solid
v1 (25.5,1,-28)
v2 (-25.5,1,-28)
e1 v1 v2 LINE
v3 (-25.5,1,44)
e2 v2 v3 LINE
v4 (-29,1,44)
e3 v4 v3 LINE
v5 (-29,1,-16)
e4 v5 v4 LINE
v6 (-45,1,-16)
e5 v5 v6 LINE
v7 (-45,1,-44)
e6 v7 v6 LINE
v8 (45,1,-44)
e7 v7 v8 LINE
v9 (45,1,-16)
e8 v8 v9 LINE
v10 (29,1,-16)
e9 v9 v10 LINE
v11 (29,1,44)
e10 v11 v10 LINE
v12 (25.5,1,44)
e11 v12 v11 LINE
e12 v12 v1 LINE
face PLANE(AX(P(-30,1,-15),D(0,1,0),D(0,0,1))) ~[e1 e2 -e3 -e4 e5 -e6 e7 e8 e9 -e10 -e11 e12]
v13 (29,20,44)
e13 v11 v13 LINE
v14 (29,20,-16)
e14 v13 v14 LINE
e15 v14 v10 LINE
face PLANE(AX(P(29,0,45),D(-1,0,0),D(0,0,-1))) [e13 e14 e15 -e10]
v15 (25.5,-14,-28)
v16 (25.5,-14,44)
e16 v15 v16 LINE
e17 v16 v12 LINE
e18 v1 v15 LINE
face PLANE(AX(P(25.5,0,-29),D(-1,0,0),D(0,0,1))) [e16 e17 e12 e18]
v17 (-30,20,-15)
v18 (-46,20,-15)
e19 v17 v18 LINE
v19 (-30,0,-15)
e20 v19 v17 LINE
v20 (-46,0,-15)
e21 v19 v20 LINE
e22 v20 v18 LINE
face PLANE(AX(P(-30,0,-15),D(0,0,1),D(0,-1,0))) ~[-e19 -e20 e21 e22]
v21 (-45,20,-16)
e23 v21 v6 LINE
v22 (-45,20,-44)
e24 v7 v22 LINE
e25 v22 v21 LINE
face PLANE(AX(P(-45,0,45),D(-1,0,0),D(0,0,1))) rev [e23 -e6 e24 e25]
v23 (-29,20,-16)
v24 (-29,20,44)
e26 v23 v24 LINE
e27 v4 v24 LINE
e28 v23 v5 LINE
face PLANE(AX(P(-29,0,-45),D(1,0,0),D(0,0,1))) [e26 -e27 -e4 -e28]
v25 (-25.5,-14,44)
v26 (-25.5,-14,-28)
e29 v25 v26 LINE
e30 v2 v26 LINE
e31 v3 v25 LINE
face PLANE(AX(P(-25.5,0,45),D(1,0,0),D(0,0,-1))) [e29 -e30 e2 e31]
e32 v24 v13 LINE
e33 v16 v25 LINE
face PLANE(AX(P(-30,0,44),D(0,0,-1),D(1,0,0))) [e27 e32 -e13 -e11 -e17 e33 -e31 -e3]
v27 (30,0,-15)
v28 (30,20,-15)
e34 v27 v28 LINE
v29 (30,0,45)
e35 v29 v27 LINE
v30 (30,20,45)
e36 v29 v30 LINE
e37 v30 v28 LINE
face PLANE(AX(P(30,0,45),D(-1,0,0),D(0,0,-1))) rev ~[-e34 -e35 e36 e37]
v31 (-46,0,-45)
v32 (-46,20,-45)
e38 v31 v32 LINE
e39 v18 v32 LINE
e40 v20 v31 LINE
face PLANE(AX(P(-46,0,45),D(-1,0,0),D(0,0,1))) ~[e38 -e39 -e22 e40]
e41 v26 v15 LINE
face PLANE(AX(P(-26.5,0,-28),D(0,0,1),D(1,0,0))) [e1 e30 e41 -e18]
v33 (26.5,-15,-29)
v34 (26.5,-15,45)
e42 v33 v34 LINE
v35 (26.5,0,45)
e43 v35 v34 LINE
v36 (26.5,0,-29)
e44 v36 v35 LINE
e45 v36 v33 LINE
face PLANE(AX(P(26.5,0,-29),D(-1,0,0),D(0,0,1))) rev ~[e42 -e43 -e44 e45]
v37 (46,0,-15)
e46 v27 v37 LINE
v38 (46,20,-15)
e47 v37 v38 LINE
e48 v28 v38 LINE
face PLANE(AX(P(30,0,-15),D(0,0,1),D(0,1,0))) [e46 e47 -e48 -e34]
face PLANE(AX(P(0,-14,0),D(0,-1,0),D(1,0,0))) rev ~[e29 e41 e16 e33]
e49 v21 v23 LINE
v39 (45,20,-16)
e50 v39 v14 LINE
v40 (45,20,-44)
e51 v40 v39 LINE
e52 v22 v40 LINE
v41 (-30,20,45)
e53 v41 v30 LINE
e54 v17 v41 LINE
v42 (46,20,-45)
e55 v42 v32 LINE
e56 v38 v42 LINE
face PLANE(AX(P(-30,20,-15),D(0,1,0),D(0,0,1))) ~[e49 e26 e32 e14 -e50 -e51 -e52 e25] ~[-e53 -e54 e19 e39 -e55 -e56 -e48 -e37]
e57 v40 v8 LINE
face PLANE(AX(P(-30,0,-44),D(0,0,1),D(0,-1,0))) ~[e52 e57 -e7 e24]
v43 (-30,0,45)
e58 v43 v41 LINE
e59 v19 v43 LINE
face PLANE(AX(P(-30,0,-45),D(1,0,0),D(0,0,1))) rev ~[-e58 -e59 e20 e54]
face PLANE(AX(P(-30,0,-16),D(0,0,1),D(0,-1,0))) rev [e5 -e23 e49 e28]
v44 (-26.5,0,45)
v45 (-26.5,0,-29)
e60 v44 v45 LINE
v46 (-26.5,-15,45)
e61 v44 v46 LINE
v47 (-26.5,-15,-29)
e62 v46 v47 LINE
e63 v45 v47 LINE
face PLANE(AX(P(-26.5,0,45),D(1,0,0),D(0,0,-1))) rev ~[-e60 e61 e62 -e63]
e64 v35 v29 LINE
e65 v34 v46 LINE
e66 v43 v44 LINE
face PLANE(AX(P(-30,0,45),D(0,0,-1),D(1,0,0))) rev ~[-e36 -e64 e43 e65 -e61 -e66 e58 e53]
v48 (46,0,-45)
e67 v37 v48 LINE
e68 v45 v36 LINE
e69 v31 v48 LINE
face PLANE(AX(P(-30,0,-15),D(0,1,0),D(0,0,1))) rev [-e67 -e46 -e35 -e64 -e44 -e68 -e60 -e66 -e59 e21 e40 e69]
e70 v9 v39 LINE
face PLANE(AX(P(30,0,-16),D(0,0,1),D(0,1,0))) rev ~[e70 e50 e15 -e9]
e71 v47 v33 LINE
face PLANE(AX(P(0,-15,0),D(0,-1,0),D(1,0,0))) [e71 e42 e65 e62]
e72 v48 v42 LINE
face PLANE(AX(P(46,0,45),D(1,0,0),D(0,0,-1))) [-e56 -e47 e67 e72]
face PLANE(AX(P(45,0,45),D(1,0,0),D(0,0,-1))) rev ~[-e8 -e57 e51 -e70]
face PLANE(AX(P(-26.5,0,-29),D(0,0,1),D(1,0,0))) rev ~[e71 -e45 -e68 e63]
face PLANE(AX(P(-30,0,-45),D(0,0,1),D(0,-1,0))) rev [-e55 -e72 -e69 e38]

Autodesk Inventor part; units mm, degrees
ref_plane "YZ Plane" through (0, 0, 0) normal (1, 0, 0) x (0, 1, 0)
ref_plane "XZ Plane" through (0, 0, 0) normal (0, 1, 0) x (-1, 0, 0)
ref_plane "XY Plane" through (0, 0, 0) normal (0, 0, 1) x (1, 0, 0)
sketch "Sketch1" plane through (0, 0, 0) normal (0, 1, 0) x (-1, 0, 0)
  line L0 (30, 45) -> (-30, 45)
  line L1 (-30, 45) -> (-30, -45)
  line L2 (-30, -45) -> (30, -45)
  line L3 (30, -45) -> (30, 45)
  line L4 (30, 45) -> (-30, -45) construction
  line L5 (-30, 45) -> (30, -45) construction
  point P0 (0, 0)
  dimension "d0" = 90
  dimension "d1" = 60
extrude "Extrusion1" add sketch "Sketch1" along normal blind 20
sketch "Sketch2" plane through (0, 0, 0) normal (0, -1, 0) x (1, 0, 0)
  line L0 (26.5, 45) -> (-26.5, 45)
  line L1 (-26.5, 45) -> (-26.5, -29)
  line L2 (-26.5, -29) -> (26.5, -29)
  line L3 (26.5, -29) -> (26.5, 45)
  line L4 (-30, 45) -> (30, 45) projected
  point P0 (0, 0)
  dimension "d4" = 74
  dimension "d5" = 0
  dimension "d6" = 53
  dimension "d7" = 26.5
extrude "Extrusion2" add sketch "Sketch2" along normal blind 15
sketch "Sketch3" plane through (30, 0, 45) normal (1, 0, 0) x (0, 0, -1)
  line L0 (0, 0) -> (90, 0) projected
  line L1 (90, 0) -> (90, 20) projected
  line L2 (0, 20) -> (90, 20) projected
  line L3 (0, 0) -> (0, 20) projected
  line L4 (90, 0) -> (60, 0)
  line L5 (60, 0) -> (60, 20)
  line L6 (60, 20) -> (90, 20)
  line L7 (90, 20) -> (90, 0)
  point P0 (45, 0)
  dimension "d10" = 30
extrude "Extrusion3" add sketch "Sketch3" along normal blind 16 contours L5 L2 L1 L0
mirror "Mirror1" about plane through (0, 0, 0) normal (1, 0, 0) of "Extrusion3"
shell "Shell1" thickness 1 removed faces 1 at (-10, 20, 5)
ref_plane "Work Plane1" through (0, 0, 0) normal (1, 0, 0) x (0, 1, 0)
properties part number "body_bottom"
